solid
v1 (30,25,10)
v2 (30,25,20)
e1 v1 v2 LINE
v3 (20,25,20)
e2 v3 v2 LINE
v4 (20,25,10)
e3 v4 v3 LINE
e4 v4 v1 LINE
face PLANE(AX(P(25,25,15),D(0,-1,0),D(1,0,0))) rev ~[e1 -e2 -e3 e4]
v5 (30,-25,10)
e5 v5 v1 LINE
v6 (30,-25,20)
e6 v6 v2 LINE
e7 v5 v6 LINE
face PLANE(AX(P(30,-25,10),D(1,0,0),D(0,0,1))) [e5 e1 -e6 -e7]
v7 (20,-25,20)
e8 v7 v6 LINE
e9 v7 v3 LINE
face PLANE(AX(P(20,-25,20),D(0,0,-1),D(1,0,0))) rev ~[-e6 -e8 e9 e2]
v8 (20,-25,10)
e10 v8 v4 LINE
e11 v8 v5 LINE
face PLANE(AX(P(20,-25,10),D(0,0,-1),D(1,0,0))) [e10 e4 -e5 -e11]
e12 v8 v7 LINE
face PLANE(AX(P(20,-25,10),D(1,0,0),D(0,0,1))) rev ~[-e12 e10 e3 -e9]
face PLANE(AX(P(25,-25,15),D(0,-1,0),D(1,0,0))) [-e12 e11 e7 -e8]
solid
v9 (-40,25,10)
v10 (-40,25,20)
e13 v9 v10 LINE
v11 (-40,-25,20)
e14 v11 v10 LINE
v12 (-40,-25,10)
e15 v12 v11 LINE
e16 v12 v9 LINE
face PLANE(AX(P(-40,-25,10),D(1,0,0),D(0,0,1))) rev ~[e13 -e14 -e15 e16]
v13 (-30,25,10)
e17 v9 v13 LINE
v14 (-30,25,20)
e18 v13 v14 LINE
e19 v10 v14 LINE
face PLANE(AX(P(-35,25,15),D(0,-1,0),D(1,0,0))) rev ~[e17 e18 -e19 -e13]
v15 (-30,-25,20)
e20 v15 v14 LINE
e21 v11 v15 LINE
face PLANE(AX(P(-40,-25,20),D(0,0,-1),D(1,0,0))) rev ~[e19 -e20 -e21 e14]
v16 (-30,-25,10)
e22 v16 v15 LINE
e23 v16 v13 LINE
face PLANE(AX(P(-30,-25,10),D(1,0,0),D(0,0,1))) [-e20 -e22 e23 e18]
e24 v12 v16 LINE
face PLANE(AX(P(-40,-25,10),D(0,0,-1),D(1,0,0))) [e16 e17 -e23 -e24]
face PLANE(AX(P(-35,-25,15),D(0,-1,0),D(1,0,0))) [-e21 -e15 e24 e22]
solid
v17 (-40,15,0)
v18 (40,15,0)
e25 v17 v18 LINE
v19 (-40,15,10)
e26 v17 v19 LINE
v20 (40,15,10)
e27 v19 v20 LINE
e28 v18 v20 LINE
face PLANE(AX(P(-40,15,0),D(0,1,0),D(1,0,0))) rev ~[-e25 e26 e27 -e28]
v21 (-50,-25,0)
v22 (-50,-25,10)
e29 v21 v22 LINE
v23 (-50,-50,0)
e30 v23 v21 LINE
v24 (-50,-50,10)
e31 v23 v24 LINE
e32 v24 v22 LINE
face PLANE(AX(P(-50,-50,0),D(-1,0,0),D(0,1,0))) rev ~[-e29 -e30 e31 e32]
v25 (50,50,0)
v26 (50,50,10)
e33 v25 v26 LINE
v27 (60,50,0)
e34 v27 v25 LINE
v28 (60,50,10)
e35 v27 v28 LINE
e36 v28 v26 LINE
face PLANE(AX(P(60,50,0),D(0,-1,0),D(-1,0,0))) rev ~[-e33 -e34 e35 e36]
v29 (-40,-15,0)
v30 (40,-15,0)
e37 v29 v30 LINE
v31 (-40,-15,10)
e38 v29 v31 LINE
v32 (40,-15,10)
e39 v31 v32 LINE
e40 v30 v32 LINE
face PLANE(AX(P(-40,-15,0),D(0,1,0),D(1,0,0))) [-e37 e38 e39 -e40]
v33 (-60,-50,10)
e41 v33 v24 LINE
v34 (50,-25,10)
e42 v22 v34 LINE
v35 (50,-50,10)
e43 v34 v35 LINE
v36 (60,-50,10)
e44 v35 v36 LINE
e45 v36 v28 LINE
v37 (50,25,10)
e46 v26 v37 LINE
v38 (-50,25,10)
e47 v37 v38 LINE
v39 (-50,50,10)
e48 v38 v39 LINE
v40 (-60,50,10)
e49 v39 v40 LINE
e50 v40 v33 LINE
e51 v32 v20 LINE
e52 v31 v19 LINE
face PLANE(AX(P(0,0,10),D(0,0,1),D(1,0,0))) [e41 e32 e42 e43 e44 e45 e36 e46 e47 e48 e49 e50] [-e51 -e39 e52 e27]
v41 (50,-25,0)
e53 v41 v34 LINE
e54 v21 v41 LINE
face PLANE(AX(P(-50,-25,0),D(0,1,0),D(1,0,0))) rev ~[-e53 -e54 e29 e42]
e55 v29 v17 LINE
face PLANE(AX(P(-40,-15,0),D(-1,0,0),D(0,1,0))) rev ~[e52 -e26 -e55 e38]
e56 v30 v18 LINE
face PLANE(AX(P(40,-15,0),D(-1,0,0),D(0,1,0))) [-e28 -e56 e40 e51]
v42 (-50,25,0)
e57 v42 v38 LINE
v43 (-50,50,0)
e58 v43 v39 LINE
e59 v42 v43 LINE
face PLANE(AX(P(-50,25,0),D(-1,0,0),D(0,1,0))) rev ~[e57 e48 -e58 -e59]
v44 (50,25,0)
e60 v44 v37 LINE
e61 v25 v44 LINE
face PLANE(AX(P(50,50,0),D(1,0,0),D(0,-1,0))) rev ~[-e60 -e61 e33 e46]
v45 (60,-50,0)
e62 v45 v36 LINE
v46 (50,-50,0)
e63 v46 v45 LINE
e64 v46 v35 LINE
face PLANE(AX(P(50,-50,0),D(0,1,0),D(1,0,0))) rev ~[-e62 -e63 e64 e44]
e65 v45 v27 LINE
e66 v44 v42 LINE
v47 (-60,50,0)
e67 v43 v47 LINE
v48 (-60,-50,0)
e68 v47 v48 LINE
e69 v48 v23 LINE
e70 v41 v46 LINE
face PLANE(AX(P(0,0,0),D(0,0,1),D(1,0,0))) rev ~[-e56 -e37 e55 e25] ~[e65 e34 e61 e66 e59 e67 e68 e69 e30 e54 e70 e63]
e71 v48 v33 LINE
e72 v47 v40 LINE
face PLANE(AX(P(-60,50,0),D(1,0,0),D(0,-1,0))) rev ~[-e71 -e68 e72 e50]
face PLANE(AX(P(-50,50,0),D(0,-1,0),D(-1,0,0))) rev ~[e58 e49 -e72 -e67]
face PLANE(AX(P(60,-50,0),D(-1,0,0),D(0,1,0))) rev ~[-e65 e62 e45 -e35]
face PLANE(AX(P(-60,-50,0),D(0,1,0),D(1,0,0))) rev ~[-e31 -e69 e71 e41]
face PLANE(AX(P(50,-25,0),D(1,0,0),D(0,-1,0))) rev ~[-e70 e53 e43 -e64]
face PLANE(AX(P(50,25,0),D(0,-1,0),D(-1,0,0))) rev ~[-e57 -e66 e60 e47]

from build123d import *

# Parameters (mm, degrees)
F0_W     = 80
F0_H     = 30
F1_DEPTH = 10
F2_W     = 10
F2_H     = 10
F3_DEPTH = 50


with BuildPart() as f1:
    # F0 (on Top) → F1 (new body)
    with BuildSketch(Plane.XY):
        Polygon((50, 25), (-50, 25), (-50, 50), (-60, 50), (-60, -50), (-50, -50), (-50, -25), (50, -25), (50, -50), (60, -50), (60, 50), (50, 50), align=None)
        Rectangle(F0_W, F0_H, mode=Mode.SUBTRACT)
    extrude(amount=F1_DEPTH)


with BuildPart() as f3:
    # F2 (on face) → F3 (new body)
    with BuildSketch(Plane.XZ.offset(25)):
        with Locations((-35, 15)):
            Rectangle(F2_W, F2_H)
        with Locations((25, 15)):
            Rectangle(F2_W, F2_H)
    extrude(amount=-F3_DEPTH)


solid = Compound([f1.part, f3.part])
